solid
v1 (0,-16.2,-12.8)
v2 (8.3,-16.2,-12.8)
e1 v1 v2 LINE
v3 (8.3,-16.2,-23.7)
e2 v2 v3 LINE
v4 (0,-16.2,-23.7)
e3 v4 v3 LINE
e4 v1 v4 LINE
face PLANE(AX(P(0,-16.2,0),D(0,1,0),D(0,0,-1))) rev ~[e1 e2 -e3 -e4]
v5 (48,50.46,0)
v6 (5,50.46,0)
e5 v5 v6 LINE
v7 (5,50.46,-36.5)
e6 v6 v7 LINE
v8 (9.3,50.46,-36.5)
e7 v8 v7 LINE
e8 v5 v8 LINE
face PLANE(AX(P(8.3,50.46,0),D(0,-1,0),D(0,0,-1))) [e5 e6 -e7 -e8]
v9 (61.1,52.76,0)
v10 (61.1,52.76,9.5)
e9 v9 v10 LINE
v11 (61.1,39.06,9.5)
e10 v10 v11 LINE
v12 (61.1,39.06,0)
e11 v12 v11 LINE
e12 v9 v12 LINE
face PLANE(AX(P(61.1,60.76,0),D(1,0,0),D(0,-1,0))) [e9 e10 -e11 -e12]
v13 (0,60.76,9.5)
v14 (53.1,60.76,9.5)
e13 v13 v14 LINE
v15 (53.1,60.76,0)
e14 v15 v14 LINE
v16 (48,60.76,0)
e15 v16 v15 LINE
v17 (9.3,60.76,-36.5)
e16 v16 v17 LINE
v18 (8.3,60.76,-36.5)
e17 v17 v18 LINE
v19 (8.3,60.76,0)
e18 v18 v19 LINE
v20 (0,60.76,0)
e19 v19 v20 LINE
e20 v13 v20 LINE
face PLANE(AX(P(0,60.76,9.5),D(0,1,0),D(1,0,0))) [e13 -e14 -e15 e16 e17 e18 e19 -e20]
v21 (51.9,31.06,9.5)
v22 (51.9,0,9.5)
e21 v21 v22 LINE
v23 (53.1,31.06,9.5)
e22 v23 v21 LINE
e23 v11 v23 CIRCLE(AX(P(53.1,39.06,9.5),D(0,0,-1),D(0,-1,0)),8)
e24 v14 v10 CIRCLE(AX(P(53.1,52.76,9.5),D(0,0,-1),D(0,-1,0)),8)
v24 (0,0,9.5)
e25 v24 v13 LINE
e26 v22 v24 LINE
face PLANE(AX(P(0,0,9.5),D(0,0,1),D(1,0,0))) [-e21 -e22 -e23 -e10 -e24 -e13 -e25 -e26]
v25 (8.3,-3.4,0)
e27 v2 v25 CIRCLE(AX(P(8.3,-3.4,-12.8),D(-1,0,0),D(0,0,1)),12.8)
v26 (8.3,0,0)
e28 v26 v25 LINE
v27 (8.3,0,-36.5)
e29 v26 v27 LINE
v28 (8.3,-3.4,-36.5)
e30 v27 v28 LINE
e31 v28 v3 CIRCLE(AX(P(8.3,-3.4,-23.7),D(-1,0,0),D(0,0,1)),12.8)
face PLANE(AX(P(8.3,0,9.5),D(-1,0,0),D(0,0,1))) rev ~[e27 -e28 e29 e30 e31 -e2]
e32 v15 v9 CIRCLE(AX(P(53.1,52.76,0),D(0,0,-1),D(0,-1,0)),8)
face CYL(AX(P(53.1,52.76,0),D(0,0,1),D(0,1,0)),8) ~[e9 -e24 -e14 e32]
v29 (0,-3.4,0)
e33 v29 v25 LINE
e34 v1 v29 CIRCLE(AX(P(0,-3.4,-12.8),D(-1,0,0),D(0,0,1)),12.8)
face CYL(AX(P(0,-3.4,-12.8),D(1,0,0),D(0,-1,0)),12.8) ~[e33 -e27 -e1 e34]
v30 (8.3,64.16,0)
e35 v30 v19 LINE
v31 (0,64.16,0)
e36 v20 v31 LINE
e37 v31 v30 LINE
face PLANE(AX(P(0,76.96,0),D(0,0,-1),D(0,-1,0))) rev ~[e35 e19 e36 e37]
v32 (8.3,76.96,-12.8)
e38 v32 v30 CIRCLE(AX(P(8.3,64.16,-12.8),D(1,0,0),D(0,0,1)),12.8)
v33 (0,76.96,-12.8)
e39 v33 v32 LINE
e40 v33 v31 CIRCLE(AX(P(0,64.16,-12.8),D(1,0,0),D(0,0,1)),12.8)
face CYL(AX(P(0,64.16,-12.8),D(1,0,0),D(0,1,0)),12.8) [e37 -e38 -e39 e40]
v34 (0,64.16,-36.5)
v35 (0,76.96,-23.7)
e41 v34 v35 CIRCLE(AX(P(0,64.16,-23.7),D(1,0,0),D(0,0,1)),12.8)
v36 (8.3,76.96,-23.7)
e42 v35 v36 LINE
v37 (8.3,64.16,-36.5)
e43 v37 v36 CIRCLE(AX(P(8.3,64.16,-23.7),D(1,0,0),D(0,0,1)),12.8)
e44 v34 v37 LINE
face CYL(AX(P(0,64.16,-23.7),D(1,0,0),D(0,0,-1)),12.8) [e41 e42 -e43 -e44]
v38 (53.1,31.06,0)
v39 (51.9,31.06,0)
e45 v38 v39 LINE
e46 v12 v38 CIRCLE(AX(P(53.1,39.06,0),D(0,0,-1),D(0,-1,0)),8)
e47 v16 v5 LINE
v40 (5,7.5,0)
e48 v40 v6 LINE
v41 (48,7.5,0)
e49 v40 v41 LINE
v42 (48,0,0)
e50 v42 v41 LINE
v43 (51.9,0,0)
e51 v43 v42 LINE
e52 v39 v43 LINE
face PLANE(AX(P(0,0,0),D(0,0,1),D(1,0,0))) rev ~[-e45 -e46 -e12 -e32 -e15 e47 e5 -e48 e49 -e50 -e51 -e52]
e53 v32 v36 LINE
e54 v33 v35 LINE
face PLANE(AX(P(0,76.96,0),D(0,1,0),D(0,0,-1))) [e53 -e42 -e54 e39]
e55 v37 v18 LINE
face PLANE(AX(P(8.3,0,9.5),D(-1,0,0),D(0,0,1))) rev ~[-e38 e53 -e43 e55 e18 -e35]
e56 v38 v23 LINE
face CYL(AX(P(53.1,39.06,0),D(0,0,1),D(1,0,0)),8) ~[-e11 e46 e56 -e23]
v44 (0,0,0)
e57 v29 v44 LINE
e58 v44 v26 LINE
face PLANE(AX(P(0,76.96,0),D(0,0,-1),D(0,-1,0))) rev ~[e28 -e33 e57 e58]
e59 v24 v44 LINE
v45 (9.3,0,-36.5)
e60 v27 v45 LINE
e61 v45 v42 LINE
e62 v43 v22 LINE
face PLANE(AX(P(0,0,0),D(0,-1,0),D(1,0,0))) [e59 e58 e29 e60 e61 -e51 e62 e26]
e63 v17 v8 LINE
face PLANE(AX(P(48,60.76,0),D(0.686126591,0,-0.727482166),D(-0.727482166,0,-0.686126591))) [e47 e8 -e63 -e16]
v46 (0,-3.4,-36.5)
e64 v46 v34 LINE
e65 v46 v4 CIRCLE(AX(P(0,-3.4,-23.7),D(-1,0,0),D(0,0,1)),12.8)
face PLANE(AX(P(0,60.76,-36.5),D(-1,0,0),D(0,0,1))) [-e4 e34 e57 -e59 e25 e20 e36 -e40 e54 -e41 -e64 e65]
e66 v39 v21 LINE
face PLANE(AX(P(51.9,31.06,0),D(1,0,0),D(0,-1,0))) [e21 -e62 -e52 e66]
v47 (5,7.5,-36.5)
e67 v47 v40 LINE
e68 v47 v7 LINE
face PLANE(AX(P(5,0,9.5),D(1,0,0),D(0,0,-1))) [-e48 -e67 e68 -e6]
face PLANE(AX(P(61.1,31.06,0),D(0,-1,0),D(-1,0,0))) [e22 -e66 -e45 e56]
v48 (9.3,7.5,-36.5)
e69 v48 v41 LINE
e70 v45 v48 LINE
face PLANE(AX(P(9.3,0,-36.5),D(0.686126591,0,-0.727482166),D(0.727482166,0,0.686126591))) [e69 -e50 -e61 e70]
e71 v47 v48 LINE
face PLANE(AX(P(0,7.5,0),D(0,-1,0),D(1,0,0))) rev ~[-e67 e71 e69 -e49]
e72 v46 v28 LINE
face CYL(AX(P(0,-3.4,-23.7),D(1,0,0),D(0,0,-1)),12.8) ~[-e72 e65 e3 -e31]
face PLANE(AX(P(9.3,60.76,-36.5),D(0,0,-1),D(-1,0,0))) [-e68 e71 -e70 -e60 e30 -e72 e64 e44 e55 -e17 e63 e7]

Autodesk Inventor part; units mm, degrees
ref_plane "YZ Plane" through (0, 0, 0) normal (1, 0, 0) x (0, 1, 0)
ref_plane "XZ Plane" through (0, 0, 0) normal (0, 1, 0) x (-1, 0, 0)
ref_plane "XY Plane" through (0, 0, 0) normal (0, 0, 1) x (1, 0, 0)
sketch "Sketch1" plane through (0, 0, 0) normal (0, 0, 1) x (1, 0, 0)
  line L0 (0, 0) -> (0, 60.76)
  line L1 (0, 60.76) -> (51.9, 60.76)
  line L2 (51.9, 31.06) -> (51.9, 0)
  line L3 (51.9, 0) -> (0, 0)
  line L4 (51.9, 60.76) -> (61.1, 60.76)
  line L5 (61.1, 60.76) -> (61.1, 31.06)
  line L6 (61.1, 31.06) -> (51.9, 31.06)
  dimension "d0" = 60.76
  dimension "d1" = 51.9
  dimension "d2" = 9.2
  dimension "d3" = 29.7
extrude "Extrusion1" add sketch "Sketch1" along normal blind 9.5
fillet "Fillet1" radius 8 2 edges at (61.1, 60.76, 4.75) (61.1, 31.06, 4.75)
sketch "Sketch2" plane through (0, 0, 0) normal (0, -1, 0) x (1, 0, 0)
  line L0 (51.9, 0) -> (0, 0) projected
  line L1 (0, -36.5) -> (0, 0)
  line L2 (0, -36.5) -> (9.3, -36.5)
  line L3 (9.3, -36.5) -> (48, 0)
  point P0 (0, 9.5)
  dimension "d7" = 46
  dimension "d8" = 3.9
  dimension "d9" = 9.3
extrude "Extrusion2" add sketch "Sketch2" against normal blind 7.5
sketch "Sketch3" plane through (0, 60.76, 9.5) normal (0, 1, 0) x (1, 0, 0)
  line L0 (0, 46) -> (0, 9.5) projected
  line L1 (48, 9.5) -> (0, 9.5) projected
  line L2 (48, 9.5) -> (9.3, 46) projected
  line L3 (9.3, 46) -> (0, 46) projected
extrude "Extrusion3" add sketch "Sketch3" against normal blind 10.3
sketch "Sketch4" plane through (0, 0, 9.5) normal (-1, 0, 0) x (0, 0, 1)
  line L0 (-46, 60.76) -> (0, 60.76) projected
  line L1 (-9.5, 7.5) -> (-9.5, 50.46) projected
  line L2 (-46, 0) -> (-46, 7.5) projected
  line L3 (-46, -16.2) -> (-46, 76.96)
  line L4 (-9.5, 76.96) -> (-9.5, -16.2)
  line L5 (-9.5, -16.2) -> (-46, -16.2)
  line L6 (-9.5, 76.96) -> (-46, 76.96)
  point P0 (-9.5, 0)
  dimension "d15" = 93.16
  dimension "d16" = 16.2
extrude "Extrusion4" add sketch "Sketch4" against normal blind 8.3
sketch "Sketch5" plane through (8.3, 0, 9.5) normal (1, 0, 0) x (0, 0, -1)
  line L0 (9.5, 50.46) -> (46, 50.46) projected
  line L1 (9.5, 7.5) -> (9.5, 50.46) projected
  line L2 (46, 7.5) -> (9.5, 7.5) projected
  line L3 (46, 7.5) -> (46, 50.46) projected
  point P0 (9.5, 0)
extrude "Extrusion5" cut sketch "Sketch5" against normal blind 3.3
fillet "Fillet2" radius 12.8 4 edges at (4.15, 76.96, -36.5) (4.15, -16.2, -36.5) (4.15, -16.2, 0) (4.15, 76.96, 0)
properties part number "FelixOriginalBase"
